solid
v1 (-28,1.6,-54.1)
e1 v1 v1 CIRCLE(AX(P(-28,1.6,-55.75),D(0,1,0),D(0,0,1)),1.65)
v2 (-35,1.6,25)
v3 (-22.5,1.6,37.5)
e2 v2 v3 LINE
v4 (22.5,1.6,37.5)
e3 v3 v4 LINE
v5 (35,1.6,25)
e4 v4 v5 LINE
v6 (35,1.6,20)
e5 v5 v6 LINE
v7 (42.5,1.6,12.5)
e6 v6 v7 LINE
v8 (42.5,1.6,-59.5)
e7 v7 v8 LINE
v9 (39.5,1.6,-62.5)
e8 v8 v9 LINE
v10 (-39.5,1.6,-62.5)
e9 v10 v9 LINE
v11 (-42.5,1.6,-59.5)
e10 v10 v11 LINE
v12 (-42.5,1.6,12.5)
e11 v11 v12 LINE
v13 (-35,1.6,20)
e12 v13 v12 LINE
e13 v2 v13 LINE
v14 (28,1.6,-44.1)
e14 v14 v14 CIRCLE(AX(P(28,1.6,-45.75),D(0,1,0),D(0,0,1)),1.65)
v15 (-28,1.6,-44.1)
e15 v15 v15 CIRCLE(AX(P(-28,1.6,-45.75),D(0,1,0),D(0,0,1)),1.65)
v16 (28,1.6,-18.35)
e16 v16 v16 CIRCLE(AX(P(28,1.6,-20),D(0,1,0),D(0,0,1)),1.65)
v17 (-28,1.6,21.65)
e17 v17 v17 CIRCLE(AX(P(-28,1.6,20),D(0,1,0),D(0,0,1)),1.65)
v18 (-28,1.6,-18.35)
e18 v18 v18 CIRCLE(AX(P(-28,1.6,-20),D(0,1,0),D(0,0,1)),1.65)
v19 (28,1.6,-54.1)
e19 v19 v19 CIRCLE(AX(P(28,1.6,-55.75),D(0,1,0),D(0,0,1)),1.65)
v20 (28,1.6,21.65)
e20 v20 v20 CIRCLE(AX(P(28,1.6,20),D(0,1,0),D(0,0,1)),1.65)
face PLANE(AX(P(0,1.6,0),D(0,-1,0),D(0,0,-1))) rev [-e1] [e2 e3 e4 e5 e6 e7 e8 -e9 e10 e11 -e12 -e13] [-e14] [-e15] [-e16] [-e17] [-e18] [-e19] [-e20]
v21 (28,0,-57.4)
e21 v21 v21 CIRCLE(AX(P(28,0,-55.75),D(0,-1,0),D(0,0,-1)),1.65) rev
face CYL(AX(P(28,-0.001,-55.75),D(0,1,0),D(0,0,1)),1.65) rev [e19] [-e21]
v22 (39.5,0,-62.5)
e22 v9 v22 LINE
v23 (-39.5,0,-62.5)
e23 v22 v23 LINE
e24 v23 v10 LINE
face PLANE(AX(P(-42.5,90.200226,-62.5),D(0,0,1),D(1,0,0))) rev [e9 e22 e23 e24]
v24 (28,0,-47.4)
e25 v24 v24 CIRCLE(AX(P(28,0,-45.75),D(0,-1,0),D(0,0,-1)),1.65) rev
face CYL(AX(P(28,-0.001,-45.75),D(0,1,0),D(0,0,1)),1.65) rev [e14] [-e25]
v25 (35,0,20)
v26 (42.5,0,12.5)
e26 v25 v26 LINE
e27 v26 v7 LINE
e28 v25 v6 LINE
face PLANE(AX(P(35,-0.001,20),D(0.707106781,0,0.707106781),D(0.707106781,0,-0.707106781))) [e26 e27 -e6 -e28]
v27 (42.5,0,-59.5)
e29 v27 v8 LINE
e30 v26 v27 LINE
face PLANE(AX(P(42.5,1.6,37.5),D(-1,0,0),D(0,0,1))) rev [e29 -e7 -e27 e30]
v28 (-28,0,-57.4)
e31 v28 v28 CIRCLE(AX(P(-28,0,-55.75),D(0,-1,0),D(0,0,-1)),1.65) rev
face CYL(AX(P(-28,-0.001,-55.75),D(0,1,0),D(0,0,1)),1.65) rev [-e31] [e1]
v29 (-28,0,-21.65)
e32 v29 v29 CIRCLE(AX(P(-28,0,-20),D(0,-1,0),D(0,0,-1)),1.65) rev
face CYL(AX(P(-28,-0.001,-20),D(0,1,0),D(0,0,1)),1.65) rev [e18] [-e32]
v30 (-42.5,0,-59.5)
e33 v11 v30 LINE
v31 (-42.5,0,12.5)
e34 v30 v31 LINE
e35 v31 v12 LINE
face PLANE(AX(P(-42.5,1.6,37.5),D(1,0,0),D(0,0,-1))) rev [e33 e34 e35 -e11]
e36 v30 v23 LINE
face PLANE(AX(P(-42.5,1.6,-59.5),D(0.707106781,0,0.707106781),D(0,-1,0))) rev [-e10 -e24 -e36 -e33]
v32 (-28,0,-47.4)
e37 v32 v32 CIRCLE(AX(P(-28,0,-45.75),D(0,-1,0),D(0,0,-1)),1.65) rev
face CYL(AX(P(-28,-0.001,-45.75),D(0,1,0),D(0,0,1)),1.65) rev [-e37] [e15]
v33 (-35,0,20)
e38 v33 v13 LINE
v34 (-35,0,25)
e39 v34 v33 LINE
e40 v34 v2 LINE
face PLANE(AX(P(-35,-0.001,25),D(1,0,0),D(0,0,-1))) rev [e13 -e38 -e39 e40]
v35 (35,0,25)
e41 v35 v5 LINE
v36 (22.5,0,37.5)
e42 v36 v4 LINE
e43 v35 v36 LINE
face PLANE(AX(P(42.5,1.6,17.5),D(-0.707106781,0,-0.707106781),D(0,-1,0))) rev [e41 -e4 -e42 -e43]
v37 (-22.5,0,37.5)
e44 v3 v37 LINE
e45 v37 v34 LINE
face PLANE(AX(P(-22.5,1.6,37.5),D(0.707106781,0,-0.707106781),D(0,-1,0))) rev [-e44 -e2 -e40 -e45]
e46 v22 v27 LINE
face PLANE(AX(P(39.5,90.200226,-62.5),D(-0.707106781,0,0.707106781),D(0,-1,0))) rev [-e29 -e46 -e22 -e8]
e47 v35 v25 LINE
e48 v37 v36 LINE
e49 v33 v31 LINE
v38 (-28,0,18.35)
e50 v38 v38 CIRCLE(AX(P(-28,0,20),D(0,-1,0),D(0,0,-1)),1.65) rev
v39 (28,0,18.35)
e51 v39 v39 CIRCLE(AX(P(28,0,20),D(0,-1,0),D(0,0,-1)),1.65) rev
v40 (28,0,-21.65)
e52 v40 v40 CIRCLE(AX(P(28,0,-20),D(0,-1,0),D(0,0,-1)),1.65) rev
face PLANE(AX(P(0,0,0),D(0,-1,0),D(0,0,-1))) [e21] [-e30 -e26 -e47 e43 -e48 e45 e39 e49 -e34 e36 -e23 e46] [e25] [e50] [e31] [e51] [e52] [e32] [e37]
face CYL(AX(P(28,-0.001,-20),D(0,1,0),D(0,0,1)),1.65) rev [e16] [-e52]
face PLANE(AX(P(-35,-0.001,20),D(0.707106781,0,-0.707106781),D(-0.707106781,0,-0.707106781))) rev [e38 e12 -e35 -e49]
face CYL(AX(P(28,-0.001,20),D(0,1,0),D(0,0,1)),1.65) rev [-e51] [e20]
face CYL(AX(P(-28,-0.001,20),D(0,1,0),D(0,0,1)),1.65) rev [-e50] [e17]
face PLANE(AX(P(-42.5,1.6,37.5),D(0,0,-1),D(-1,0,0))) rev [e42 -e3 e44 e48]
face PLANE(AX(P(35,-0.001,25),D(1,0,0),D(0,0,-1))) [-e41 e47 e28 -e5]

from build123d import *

# Parameters (mm, degrees)
SKETCH_1_W          = 85
SKETCH_1_H          = 75
EXTRUDE_1_DEPTH     = 1.6
CUT_EXTRUDE_1_REACH = 58.701
SKETCH_2_R          = 1.65
SKETCH_8_W          = 85
SKETCH_8_H          = 25
EXTRUDE_3_DEPTH     = 1.6
CHAMFER_2_SIZE      = 3
CHAMFER_3_SIZE      = 20
CUT_EXTRUDE_4_REACH = 77.598
CUT_EXTRUDE_5_REACH = 77.598
SKETCH_9_R          = 1.65


with BuildPart() as part:
    # 草图1 → 凸台-拉伸1 (new body)
    with BuildSketch(Plane(origin=(0, 0, 0), x_dir=(1, 0, 0), z_dir=(0, 1, 0))):
        Rectangle(SKETCH_1_W, SKETCH_1_H)
    extrude(amount=EXTRUDE_1_DEPTH)

    # 草图2 → 切除-拉伸1 (cut, up to next)
    with BuildSketch(Plane(origin=(0, 1.6, 0), x_dir=(1, 0, 0), z_dir=(0, 1, 0)), mode=Mode.PRIVATE) as cut_extrude_1_sk1:
        with Locations(Location((-28, 20, 0), (0, 0, 270))):
            Circle(SKETCH_2_R)
    cut_extrude_1_tool1 = extrude(cut_extrude_1_sk1.sketch, amount=-CUT_EXTRUDE_1_REACH, mode=Mode.PRIVATE) & part.part
    # 草图2 → 切除-拉伸1 (cut, up to next)
    with BuildSketch(Plane(origin=(0, 1.6, 0), x_dir=(1, 0, 0), z_dir=(0, 1, 0)), mode=Mode.PRIVATE) as cut_extrude_1_sk2:
        with Locations(Location((-28, -20, 0), (0, 0, 270))):
            Circle(SKETCH_2_R)
    cut_extrude_1_tool2 = extrude(cut_extrude_1_sk2.sketch, amount=-CUT_EXTRUDE_1_REACH, mode=Mode.PRIVATE) & part.part
    # 草图2 → 切除-拉伸1 (cut, up to next)
    with BuildSketch(Plane(origin=(0, 1.6, 0), x_dir=(1, 0, 0), z_dir=(0, 1, 0)), mode=Mode.PRIVATE) as cut_extrude_1_sk3:
        with Locations(Location((28, 20, 0), (0, 0, 270))):
            Circle(SKETCH_2_R)
    cut_extrude_1_tool3 = extrude(cut_extrude_1_sk3.sketch, amount=-CUT_EXTRUDE_1_REACH, mode=Mode.PRIVATE) & part.part
    # 草图2 → 切除-拉伸1 (cut, up to next)
    with BuildSketch(Plane(origin=(0, 1.6, 0), x_dir=(1, 0, 0), z_dir=(0, 1, 0)), mode=Mode.PRIVATE) as cut_extrude_1_sk4:
        with Locations(Location((28, -20, 0), (0, 0, 270))):
            Circle(SKETCH_2_R)
    cut_extrude_1_tool4 = extrude(cut_extrude_1_sk4.sketch, amount=-CUT_EXTRUDE_1_REACH, mode=Mode.PRIVATE) & part.part
    add(cut_extrude_1_tool1.solids().sort_by_distance((-28, 1.6, -20))[0], mode=Mode.SUBTRACT)
    add(cut_extrude_1_tool2.solids().sort_by_distance((-28, 1.6, 20))[0], mode=Mode.SUBTRACT)
    add(cut_extrude_1_tool3.solids().sort_by_distance((28, 1.6, -20))[0], mode=Mode.SUBTRACT)
    add(cut_extrude_1_tool4.solids().sort_by_distance((28, 1.6, 20))[0], mode=Mode.SUBTRACT)

    # 草图8 → 凸台-拉伸3 (add)
    with BuildSketch(Plane(origin=(0, 0, 0), x_dir=(1, 0, 0), z_dir=(0, 1, 0))):
        with Locations((0, 50)):
            Rectangle(SKETCH_8_W, SKETCH_8_H)
    extrude(amount=EXTRUDE_3_DEPTH)

    # 倒角2
    chamfer_2_edges = [part.edges().sort_by_distance(p)[0] for p in [
        (42.5, 0.8, -62.5),
        (-42.5, 0.8, -62.5),
    ]]
    chamfer(chamfer_2_edges, length=CHAMFER_2_SIZE)

    # 倒角3
    chamfer_3_edges = [part.edges().sort_by_distance(p)[0] for p in [
        (42.5, 0.8, 37.5),
        (-42.5, 0.8, 37.5),
    ]]
    chamfer(chamfer_3_edges, length=CHAMFER_3_SIZE)

    # 草图7 → 切除-拉伸4 (cut, up to next)
    with BuildSketch(Plane(origin=(0, 1.6, 0), x_dir=(1, 0, 0), z_dir=(0, 1, 0)), mode=Mode.PRIVATE) as cut_extrude_4_sk1:
        Polygon((-35, -25), (-35, -20), (-42.5, -12.5), (-42.5, -17.5), align=None)
    cut_extrude_4_tool1 = extrude(cut_extrude_4_sk1.sketch, amount=-CUT_EXTRUDE_4_REACH, mode=Mode.PRIVATE) & part.part
    cut_extrude_4 = cut_extrude_4_tool1.solids().sort_by_distance((-38.75, 1.6, 18.75))[0]
    add(cut_extrude_4, mode=Mode.SUBTRACT)

    # 镜向1: 切除-拉伸4 across plane
    add(cut_extrude_4.mirror(Plane(origin=(0, 0, 0), x_dir=(0, 0, 1), z_dir=(1, 0, 0))), mode=Mode.SUBTRACT)

    # 草图9 → 切除-拉伸5 (cut, up to next)
    with BuildSketch(Plane(origin=(0, 1.6, 0), x_dir=(1, 0, 0), z_dir=(0, 1, 0)), mode=Mode.PRIVATE) as cut_extrude_5_sk1:
        with Locations(Location((-28, 55.75, 0), (0, 0, 270))):
            Circle(SKETCH_9_R)
    cut_extrude_5_tool1 = extrude(cut_extrude_5_sk1.sketch, amount=-CUT_EXTRUDE_5_REACH, mode=Mode.PRIVATE) & part.part
    # 草图9 → 切除-拉伸5 (cut, up to next)
    with BuildSketch(Plane(origin=(0, 1.6, 0), x_dir=(1, 0, 0), z_dir=(0, 1, 0)), mode=Mode.PRIVATE) as cut_extrude_5_sk2:
        with Locations(Location((-28, 45.75, 0), (0, 0, 270))):
            Circle(SKETCH_9_R)
    cut_extrude_5_tool2 = extrude(cut_extrude_5_sk2.sketch, amount=-CUT_EXTRUDE_5_REACH, mode=Mode.PRIVATE) & part.part
    # 草图9 → 切除-拉伸5 (cut, up to next)
    with BuildSketch(Plane(origin=(0, 1.6, 0), x_dir=(1, 0, 0), z_dir=(0, 1, 0)), mode=Mode.PRIVATE) as cut_extrude_5_sk3:
        with Locations(Location((28, 55.75, 0), (0, 0, 270))):
            Circle(SKETCH_9_R)
    cut_extrude_5_tool3 = extrude(cut_extrude_5_sk3.sketch, amount=-CUT_EXTRUDE_5_REACH, mode=Mode.PRIVATE) & part.part
    # 草图9 → 切除-拉伸5 (cut, up to next)
    with BuildSketch(Plane(origin=(0, 1.6, 0), x_dir=(1, 0, 0), z_dir=(0, 1, 0)), mode=Mode.PRIVATE) as cut_extrude_5_sk4:
        with Locations(Location((28, 45.75, 0), (0, 0, 270))):
            Circle(SKETCH_9_R)
    cut_extrude_5_tool4 = extrude(cut_extrude_5_sk4.sketch, amount=-CUT_EXTRUDE_5_REACH, mode=Mode.PRIVATE) & part.part
    add(cut_extrude_5_tool1.solids().sort_by_distance((-28, 1.6, -55.75))[0], mode=Mode.SUBTRACT)
    add(cut_extrude_5_tool2.solids().sort_by_distance((-28, 1.6, -45.75))[0], mode=Mode.SUBTRACT)
    add(cut_extrude_5_tool3.solids().sort_by_distance((28, 1.6, -55.75))[0], mode=Mode.SUBTRACT)
    add(cut_extrude_5_tool4.solids().sort_by_distance((28, 1.6, -45.75))[0], mode=Mode.SUBTRACT)


solid = part.part
